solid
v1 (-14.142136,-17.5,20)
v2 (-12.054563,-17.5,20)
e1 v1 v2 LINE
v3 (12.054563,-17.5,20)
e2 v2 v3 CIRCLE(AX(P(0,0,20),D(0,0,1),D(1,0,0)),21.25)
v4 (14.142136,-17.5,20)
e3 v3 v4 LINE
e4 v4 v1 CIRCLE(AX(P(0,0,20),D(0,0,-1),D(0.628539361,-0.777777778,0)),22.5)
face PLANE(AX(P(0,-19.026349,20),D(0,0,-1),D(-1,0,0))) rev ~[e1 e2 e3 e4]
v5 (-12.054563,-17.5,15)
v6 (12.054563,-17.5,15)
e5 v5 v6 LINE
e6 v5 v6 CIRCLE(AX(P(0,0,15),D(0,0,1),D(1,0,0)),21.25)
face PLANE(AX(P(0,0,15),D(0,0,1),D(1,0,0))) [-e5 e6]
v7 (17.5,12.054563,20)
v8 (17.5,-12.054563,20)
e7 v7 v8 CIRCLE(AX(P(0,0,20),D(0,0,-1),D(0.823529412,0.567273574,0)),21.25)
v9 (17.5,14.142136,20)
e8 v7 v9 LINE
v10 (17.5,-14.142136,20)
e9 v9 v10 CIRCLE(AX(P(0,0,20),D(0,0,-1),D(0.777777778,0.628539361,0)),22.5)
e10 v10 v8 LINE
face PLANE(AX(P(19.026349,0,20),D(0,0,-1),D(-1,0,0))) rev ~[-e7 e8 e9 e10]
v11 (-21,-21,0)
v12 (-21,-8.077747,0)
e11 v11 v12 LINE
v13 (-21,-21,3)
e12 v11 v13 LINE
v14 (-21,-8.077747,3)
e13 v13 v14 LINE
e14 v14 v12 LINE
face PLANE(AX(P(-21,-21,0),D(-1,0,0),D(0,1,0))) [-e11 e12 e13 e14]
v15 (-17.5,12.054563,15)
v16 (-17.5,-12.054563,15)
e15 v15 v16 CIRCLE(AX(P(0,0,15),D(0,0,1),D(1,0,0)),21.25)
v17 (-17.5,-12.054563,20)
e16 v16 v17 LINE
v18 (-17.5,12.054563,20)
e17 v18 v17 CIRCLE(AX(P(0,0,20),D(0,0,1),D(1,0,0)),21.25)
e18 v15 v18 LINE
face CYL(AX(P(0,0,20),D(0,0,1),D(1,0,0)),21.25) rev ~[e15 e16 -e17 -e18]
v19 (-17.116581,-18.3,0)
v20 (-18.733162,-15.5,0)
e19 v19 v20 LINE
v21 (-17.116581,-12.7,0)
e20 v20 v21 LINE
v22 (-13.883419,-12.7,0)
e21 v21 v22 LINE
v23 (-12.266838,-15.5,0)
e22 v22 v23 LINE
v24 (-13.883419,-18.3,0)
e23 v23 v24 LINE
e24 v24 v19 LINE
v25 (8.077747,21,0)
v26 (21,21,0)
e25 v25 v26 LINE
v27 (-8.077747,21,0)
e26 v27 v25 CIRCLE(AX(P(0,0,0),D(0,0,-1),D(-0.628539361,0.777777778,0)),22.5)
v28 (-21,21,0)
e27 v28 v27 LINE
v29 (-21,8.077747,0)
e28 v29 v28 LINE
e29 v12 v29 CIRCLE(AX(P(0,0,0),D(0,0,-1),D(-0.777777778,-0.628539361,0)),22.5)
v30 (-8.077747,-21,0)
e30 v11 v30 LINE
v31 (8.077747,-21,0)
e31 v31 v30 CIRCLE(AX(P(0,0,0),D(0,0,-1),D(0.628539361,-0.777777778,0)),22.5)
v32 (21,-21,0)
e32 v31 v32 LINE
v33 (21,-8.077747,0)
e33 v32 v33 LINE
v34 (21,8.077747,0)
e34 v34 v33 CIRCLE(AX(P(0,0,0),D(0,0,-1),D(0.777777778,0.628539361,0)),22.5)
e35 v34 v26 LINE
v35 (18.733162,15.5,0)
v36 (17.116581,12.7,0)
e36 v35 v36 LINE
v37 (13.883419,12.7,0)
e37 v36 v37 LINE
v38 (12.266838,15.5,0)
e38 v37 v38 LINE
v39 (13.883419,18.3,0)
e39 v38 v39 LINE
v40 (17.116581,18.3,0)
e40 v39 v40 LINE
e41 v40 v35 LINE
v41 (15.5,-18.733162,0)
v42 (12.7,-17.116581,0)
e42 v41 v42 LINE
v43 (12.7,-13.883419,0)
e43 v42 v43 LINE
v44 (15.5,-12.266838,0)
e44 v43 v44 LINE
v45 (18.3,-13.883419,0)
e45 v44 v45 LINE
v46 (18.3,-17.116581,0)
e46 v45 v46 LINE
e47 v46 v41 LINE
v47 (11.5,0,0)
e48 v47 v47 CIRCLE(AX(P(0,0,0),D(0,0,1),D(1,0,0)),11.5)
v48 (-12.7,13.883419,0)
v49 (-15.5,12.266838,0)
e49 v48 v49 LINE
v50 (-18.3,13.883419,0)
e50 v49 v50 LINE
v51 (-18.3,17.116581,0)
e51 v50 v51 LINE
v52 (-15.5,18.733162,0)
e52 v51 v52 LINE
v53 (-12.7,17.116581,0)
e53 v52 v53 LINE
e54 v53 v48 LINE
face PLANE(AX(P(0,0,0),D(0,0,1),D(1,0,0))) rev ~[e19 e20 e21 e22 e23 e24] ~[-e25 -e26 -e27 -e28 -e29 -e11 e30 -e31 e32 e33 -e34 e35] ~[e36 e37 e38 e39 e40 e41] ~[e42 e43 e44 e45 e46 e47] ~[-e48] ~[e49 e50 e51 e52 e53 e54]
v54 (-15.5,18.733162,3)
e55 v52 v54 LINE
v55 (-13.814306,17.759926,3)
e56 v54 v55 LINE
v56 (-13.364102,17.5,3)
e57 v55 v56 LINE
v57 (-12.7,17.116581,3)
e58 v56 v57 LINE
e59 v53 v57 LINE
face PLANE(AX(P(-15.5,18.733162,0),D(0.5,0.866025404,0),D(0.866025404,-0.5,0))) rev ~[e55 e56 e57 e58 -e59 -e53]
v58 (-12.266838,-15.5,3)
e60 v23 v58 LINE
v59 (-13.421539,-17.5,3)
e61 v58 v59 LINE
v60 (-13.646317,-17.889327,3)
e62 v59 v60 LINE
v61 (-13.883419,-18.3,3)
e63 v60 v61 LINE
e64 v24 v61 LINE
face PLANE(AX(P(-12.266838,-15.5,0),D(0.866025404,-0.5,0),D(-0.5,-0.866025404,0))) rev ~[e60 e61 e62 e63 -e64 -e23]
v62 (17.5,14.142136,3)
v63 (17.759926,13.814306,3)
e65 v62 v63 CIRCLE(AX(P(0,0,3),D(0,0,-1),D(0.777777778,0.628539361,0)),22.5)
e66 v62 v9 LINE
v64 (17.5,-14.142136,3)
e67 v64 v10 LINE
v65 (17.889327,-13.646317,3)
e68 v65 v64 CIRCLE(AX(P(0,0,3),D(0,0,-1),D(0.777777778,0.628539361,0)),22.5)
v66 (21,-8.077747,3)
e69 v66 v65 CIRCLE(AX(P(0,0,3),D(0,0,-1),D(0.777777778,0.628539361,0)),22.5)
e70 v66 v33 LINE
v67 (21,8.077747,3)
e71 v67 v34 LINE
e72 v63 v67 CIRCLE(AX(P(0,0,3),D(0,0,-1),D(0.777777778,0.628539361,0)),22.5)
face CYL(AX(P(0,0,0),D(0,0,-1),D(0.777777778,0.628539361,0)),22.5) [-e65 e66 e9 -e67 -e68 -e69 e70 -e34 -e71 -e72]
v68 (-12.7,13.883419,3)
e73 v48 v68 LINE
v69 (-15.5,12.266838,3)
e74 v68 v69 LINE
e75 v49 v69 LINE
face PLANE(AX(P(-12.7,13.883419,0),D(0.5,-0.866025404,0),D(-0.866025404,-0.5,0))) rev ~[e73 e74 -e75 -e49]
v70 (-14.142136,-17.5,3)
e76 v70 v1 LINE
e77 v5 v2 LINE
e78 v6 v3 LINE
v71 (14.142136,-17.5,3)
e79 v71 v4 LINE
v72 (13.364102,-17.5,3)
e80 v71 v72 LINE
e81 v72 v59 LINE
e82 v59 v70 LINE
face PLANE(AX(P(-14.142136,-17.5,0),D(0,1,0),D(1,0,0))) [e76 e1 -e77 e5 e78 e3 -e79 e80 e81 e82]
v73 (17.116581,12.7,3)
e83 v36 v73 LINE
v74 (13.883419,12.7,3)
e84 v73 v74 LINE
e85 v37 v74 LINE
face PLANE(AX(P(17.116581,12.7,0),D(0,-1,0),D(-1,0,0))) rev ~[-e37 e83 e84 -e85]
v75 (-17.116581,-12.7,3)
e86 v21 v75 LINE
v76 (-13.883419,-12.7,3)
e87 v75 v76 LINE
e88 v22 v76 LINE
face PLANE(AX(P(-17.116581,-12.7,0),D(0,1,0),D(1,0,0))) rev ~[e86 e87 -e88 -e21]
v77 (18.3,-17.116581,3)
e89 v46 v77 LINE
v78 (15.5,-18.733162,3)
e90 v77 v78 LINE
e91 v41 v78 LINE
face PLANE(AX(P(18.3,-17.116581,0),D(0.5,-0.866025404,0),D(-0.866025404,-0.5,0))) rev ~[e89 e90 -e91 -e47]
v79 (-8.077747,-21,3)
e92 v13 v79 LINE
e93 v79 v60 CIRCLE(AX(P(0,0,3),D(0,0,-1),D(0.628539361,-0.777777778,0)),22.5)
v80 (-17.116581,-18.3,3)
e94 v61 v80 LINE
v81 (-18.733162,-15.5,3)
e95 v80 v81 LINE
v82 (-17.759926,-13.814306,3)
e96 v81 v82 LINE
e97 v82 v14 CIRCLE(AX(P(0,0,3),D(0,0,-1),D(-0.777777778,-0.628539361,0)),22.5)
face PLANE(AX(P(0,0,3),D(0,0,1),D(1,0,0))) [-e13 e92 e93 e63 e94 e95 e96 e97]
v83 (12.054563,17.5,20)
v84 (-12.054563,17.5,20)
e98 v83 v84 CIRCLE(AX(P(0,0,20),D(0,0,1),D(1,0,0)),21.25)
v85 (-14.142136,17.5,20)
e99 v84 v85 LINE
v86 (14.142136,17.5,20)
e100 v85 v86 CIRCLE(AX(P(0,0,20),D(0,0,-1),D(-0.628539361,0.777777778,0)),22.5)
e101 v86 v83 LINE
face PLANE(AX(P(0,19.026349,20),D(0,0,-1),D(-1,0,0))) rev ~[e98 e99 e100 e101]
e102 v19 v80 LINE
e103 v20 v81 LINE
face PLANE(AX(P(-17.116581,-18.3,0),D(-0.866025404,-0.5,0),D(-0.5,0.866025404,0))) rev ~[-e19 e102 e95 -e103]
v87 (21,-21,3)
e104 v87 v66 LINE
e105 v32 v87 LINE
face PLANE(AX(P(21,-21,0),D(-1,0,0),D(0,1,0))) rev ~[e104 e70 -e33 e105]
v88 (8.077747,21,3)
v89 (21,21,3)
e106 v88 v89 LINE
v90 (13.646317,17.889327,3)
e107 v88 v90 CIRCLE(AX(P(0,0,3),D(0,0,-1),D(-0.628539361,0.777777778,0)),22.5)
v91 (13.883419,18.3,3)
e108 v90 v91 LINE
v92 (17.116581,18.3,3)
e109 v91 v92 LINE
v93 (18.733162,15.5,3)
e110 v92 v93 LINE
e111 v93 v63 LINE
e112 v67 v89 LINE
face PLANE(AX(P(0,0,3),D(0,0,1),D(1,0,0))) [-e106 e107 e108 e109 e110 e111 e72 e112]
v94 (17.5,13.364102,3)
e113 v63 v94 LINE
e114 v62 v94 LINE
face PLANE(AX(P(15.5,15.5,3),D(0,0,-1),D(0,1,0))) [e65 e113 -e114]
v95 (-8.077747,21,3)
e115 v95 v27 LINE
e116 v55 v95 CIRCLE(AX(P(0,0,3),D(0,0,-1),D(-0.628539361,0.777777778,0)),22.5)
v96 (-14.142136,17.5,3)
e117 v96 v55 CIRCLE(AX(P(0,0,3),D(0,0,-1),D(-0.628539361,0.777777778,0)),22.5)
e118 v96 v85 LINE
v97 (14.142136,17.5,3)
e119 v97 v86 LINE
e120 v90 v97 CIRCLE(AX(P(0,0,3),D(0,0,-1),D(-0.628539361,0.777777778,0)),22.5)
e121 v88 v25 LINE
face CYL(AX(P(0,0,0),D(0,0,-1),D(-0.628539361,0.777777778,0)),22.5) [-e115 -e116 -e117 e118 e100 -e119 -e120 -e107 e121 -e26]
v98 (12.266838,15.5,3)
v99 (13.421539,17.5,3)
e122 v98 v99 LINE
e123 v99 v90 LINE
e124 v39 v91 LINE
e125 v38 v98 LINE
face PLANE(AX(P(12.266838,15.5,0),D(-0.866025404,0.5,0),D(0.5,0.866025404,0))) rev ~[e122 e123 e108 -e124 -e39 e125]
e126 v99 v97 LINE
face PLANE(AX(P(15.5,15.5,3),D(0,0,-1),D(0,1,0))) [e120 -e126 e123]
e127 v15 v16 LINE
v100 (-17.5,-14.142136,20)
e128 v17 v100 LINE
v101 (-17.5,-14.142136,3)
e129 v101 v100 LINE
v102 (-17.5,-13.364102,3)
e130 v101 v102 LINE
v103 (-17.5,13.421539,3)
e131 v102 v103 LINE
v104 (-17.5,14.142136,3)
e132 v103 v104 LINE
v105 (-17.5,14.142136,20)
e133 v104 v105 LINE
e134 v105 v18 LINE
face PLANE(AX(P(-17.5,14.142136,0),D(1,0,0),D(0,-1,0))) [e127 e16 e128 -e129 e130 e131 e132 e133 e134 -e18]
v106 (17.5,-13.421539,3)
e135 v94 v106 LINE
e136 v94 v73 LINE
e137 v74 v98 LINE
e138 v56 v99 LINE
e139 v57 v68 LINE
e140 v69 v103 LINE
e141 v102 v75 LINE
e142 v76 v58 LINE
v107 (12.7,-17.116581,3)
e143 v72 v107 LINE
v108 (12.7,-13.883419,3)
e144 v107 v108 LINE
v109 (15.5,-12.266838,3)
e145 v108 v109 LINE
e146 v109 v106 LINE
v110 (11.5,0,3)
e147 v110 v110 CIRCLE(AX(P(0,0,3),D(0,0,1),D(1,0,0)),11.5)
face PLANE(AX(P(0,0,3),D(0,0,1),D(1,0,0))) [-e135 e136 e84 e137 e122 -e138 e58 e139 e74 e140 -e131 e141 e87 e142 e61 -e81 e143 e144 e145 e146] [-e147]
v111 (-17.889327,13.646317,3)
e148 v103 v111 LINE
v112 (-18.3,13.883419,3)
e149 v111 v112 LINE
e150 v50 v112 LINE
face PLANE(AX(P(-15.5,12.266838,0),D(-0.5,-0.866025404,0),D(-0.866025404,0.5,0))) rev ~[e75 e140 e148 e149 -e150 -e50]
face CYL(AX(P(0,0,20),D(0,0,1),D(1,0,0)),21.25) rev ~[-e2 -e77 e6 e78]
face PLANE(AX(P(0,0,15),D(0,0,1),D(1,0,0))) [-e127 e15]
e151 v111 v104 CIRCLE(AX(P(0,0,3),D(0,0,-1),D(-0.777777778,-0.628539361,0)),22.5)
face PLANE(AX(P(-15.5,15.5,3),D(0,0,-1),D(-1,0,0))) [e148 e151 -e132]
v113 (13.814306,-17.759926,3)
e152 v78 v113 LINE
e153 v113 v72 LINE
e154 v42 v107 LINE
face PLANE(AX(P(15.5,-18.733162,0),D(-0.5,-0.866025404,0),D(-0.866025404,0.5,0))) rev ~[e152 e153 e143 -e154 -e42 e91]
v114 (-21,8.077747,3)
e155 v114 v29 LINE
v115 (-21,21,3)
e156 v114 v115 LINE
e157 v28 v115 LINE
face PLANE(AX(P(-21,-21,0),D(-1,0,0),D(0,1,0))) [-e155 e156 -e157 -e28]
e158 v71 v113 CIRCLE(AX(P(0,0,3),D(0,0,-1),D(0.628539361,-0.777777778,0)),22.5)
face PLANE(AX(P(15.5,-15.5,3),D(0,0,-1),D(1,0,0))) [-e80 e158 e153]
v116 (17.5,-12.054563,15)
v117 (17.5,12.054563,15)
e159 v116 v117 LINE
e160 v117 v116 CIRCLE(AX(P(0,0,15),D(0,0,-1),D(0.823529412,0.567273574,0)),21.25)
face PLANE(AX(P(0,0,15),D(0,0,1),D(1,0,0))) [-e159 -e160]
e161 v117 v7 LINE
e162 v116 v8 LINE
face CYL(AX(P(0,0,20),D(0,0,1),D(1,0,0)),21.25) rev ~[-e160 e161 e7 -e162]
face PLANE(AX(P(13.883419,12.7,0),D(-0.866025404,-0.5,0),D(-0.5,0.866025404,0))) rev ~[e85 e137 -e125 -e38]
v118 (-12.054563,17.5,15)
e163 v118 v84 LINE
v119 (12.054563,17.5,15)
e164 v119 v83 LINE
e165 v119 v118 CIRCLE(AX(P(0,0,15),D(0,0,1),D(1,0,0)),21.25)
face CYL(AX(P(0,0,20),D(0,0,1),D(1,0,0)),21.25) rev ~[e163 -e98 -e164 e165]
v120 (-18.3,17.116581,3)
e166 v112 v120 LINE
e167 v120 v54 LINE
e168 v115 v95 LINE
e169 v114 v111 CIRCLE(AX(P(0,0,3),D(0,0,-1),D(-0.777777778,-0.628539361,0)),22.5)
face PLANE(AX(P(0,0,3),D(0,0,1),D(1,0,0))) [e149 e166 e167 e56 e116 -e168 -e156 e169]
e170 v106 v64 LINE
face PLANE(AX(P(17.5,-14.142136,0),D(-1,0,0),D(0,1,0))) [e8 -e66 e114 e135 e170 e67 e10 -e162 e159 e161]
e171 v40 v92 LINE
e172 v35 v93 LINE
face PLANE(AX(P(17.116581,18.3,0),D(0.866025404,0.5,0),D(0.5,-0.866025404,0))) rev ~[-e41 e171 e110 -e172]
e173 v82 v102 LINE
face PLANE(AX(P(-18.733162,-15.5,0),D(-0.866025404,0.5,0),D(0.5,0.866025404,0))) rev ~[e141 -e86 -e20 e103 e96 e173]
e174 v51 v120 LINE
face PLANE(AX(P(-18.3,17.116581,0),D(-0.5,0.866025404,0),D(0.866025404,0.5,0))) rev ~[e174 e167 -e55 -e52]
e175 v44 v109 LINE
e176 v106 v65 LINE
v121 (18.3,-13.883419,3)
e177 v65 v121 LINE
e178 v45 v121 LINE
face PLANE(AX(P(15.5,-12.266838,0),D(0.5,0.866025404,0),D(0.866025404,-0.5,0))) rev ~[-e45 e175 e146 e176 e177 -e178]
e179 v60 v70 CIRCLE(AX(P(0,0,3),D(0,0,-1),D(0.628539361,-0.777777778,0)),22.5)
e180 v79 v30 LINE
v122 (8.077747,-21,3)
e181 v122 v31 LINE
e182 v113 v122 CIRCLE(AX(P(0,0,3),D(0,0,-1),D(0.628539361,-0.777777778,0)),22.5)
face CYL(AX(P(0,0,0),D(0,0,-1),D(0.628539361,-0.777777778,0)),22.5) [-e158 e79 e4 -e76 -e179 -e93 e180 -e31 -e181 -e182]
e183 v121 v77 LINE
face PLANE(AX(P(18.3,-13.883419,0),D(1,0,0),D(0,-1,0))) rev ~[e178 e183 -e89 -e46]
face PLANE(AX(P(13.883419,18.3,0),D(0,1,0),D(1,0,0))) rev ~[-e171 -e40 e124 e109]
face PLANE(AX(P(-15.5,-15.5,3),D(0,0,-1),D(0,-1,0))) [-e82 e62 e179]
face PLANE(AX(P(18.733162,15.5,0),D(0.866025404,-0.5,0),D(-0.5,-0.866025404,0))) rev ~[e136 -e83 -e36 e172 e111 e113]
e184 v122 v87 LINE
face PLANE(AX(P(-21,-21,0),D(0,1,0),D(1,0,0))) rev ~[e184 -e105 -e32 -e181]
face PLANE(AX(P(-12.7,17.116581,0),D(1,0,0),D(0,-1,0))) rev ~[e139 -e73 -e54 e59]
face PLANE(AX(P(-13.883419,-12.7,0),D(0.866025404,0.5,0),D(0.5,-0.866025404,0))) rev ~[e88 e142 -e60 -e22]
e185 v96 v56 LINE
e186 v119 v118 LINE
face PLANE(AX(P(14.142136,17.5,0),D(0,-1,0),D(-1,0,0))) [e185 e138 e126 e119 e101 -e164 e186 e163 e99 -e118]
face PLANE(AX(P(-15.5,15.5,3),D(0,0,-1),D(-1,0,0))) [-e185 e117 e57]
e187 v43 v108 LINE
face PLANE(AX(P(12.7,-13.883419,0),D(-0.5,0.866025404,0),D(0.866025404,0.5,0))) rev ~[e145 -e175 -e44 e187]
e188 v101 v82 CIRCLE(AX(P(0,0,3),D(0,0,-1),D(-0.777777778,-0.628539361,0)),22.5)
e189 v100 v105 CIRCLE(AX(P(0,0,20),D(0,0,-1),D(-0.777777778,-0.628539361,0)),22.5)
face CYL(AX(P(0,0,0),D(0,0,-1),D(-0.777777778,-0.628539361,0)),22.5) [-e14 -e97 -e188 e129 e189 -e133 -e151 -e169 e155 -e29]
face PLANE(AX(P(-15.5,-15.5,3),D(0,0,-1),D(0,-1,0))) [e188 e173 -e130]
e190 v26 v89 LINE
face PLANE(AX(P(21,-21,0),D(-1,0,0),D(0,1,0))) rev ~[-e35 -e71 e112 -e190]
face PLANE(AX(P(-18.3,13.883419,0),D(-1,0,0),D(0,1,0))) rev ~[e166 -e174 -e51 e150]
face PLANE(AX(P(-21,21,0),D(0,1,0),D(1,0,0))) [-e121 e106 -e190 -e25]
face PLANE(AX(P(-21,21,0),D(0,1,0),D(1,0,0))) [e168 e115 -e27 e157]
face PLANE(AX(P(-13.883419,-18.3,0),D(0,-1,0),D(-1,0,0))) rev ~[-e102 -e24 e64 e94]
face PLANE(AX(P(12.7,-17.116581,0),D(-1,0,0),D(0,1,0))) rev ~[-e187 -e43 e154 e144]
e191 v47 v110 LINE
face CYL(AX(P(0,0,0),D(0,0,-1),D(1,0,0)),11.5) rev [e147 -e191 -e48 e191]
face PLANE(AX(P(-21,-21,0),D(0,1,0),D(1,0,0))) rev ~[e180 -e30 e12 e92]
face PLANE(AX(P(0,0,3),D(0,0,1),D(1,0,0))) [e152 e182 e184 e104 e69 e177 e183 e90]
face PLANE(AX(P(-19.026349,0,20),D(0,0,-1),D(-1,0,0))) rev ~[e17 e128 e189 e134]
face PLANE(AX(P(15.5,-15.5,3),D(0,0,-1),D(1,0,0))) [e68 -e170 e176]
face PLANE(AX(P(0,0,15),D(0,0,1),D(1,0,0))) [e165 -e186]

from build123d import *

# Parameters (mm, degrees)
SKETCH_1_W               = 42
SKETCH_1_H               = 42
SKETCH_1_R               = 1.5
SKETCH_1_R_2             = 11.5
EXTRUDE_1_DEPTH          = 3
EXTRUDE_2_DEPTH          = 20
SKETCH_5_R               = 21.25
CUT_EXTRUDE_3_DEPTH      = 5
CUT_EXTRUDE_4_DEPTH      = 3
PATTERN_CIRCULAR_1_COUNT = 4


with BuildPart() as part:
    # 草图1 → 凸台-拉伸1 (new body)
    with BuildSketch(Plane.XY):
        Rectangle(SKETCH_1_W, SKETCH_1_H)
        with Locations((15.5, 15.5)):
            Circle(SKETCH_1_R, mode=Mode.SUBTRACT)
        with Locations((15.5, -15.5)):
            Circle(SKETCH_1_R, mode=Mode.SUBTRACT)
        with Locations((-15.5, -15.5)):
            Circle(SKETCH_1_R, mode=Mode.SUBTRACT)
        with Locations((-15.5, 15.5)):
            Circle(SKETCH_1_R, mode=Mode.SUBTRACT)
        Circle(SKETCH_1_R_2, mode=Mode.SUBTRACT)
    extrude(amount=EXTRUDE_1_DEPTH)

    # 草图2 → 凸台-拉伸2 (add)
    with BuildSketch(Plane(origin=(0, 0, 0), x_dir=(-1, 0, 0), z_dir=(0, 0, -1))):
        with BuildLine():
            Line((17.5, 14.142135624), (17.5, -14.142135624))
            ThreePointArc((17.5, -14.142135624), (22.5, 0), (17.5, 14.142135624))
        make_face()
        with BuildLine():
            ThreePointArc((-14.142135624, -17.5), (0, -22.5), (14.142135624, -17.5))
            Line((14.142135624, -17.5), (-14.142135624, -17.5))
        make_face()
        with BuildLine():
            Line((-14.142135624, 17.5), (14.142135624, 17.5))
            ThreePointArc((14.142135624, 17.5), (0, 22.5), (-14.142135624, 17.5))
        make_face()
        with BuildLine():
            ThreePointArc((-17.5, 14.142135624), (-22.5, 0), (-17.5, -14.142135624))
            Line((-17.5, -14.142135624), (-17.5, 14.142135624))
        make_face()
    extrude(amount=-EXTRUDE_2_DEPTH)

    # 草图5 → 切除-拉伸3 (cut)
    with BuildSketch(Plane.XY.offset(20)):
        Circle(SKETCH_5_R)
    extrude(amount=-CUT_EXTRUDE_3_DEPTH, mode=Mode.SUBTRACT)

    # 草图6 → 切除-拉伸4 (cut)
    with BuildSketch(Plane(origin=(0, 0, 0), x_dir=(-1, 0, 0), z_dir=(0, 0, -1))):
        Polygon((18.3, 17.116580754), (15.5, 18.733161507), (12.7, 17.116580754), (12.7, 13.883419246), (15.5, 12.266838493), (18.3, 13.883419246), align=None)
    cut_extrude_4 = extrude(amount=-CUT_EXTRUDE_4_DEPTH, mode=Mode.SUBTRACT)

    # 阵列(圆周)1: 切除-拉伸4 ×4 about axis
    pattern_circular_1_axis = Axis((0, 0, 0), (0, 0, 1))
    for i in range(1, PATTERN_CIRCULAR_1_COUNT):
        add(cut_extrude_4.rotate(pattern_circular_1_axis, i * 360 / PATTERN_CIRCULAR_1_COUNT), mode=Mode.SUBTRACT)


solid = part.part
